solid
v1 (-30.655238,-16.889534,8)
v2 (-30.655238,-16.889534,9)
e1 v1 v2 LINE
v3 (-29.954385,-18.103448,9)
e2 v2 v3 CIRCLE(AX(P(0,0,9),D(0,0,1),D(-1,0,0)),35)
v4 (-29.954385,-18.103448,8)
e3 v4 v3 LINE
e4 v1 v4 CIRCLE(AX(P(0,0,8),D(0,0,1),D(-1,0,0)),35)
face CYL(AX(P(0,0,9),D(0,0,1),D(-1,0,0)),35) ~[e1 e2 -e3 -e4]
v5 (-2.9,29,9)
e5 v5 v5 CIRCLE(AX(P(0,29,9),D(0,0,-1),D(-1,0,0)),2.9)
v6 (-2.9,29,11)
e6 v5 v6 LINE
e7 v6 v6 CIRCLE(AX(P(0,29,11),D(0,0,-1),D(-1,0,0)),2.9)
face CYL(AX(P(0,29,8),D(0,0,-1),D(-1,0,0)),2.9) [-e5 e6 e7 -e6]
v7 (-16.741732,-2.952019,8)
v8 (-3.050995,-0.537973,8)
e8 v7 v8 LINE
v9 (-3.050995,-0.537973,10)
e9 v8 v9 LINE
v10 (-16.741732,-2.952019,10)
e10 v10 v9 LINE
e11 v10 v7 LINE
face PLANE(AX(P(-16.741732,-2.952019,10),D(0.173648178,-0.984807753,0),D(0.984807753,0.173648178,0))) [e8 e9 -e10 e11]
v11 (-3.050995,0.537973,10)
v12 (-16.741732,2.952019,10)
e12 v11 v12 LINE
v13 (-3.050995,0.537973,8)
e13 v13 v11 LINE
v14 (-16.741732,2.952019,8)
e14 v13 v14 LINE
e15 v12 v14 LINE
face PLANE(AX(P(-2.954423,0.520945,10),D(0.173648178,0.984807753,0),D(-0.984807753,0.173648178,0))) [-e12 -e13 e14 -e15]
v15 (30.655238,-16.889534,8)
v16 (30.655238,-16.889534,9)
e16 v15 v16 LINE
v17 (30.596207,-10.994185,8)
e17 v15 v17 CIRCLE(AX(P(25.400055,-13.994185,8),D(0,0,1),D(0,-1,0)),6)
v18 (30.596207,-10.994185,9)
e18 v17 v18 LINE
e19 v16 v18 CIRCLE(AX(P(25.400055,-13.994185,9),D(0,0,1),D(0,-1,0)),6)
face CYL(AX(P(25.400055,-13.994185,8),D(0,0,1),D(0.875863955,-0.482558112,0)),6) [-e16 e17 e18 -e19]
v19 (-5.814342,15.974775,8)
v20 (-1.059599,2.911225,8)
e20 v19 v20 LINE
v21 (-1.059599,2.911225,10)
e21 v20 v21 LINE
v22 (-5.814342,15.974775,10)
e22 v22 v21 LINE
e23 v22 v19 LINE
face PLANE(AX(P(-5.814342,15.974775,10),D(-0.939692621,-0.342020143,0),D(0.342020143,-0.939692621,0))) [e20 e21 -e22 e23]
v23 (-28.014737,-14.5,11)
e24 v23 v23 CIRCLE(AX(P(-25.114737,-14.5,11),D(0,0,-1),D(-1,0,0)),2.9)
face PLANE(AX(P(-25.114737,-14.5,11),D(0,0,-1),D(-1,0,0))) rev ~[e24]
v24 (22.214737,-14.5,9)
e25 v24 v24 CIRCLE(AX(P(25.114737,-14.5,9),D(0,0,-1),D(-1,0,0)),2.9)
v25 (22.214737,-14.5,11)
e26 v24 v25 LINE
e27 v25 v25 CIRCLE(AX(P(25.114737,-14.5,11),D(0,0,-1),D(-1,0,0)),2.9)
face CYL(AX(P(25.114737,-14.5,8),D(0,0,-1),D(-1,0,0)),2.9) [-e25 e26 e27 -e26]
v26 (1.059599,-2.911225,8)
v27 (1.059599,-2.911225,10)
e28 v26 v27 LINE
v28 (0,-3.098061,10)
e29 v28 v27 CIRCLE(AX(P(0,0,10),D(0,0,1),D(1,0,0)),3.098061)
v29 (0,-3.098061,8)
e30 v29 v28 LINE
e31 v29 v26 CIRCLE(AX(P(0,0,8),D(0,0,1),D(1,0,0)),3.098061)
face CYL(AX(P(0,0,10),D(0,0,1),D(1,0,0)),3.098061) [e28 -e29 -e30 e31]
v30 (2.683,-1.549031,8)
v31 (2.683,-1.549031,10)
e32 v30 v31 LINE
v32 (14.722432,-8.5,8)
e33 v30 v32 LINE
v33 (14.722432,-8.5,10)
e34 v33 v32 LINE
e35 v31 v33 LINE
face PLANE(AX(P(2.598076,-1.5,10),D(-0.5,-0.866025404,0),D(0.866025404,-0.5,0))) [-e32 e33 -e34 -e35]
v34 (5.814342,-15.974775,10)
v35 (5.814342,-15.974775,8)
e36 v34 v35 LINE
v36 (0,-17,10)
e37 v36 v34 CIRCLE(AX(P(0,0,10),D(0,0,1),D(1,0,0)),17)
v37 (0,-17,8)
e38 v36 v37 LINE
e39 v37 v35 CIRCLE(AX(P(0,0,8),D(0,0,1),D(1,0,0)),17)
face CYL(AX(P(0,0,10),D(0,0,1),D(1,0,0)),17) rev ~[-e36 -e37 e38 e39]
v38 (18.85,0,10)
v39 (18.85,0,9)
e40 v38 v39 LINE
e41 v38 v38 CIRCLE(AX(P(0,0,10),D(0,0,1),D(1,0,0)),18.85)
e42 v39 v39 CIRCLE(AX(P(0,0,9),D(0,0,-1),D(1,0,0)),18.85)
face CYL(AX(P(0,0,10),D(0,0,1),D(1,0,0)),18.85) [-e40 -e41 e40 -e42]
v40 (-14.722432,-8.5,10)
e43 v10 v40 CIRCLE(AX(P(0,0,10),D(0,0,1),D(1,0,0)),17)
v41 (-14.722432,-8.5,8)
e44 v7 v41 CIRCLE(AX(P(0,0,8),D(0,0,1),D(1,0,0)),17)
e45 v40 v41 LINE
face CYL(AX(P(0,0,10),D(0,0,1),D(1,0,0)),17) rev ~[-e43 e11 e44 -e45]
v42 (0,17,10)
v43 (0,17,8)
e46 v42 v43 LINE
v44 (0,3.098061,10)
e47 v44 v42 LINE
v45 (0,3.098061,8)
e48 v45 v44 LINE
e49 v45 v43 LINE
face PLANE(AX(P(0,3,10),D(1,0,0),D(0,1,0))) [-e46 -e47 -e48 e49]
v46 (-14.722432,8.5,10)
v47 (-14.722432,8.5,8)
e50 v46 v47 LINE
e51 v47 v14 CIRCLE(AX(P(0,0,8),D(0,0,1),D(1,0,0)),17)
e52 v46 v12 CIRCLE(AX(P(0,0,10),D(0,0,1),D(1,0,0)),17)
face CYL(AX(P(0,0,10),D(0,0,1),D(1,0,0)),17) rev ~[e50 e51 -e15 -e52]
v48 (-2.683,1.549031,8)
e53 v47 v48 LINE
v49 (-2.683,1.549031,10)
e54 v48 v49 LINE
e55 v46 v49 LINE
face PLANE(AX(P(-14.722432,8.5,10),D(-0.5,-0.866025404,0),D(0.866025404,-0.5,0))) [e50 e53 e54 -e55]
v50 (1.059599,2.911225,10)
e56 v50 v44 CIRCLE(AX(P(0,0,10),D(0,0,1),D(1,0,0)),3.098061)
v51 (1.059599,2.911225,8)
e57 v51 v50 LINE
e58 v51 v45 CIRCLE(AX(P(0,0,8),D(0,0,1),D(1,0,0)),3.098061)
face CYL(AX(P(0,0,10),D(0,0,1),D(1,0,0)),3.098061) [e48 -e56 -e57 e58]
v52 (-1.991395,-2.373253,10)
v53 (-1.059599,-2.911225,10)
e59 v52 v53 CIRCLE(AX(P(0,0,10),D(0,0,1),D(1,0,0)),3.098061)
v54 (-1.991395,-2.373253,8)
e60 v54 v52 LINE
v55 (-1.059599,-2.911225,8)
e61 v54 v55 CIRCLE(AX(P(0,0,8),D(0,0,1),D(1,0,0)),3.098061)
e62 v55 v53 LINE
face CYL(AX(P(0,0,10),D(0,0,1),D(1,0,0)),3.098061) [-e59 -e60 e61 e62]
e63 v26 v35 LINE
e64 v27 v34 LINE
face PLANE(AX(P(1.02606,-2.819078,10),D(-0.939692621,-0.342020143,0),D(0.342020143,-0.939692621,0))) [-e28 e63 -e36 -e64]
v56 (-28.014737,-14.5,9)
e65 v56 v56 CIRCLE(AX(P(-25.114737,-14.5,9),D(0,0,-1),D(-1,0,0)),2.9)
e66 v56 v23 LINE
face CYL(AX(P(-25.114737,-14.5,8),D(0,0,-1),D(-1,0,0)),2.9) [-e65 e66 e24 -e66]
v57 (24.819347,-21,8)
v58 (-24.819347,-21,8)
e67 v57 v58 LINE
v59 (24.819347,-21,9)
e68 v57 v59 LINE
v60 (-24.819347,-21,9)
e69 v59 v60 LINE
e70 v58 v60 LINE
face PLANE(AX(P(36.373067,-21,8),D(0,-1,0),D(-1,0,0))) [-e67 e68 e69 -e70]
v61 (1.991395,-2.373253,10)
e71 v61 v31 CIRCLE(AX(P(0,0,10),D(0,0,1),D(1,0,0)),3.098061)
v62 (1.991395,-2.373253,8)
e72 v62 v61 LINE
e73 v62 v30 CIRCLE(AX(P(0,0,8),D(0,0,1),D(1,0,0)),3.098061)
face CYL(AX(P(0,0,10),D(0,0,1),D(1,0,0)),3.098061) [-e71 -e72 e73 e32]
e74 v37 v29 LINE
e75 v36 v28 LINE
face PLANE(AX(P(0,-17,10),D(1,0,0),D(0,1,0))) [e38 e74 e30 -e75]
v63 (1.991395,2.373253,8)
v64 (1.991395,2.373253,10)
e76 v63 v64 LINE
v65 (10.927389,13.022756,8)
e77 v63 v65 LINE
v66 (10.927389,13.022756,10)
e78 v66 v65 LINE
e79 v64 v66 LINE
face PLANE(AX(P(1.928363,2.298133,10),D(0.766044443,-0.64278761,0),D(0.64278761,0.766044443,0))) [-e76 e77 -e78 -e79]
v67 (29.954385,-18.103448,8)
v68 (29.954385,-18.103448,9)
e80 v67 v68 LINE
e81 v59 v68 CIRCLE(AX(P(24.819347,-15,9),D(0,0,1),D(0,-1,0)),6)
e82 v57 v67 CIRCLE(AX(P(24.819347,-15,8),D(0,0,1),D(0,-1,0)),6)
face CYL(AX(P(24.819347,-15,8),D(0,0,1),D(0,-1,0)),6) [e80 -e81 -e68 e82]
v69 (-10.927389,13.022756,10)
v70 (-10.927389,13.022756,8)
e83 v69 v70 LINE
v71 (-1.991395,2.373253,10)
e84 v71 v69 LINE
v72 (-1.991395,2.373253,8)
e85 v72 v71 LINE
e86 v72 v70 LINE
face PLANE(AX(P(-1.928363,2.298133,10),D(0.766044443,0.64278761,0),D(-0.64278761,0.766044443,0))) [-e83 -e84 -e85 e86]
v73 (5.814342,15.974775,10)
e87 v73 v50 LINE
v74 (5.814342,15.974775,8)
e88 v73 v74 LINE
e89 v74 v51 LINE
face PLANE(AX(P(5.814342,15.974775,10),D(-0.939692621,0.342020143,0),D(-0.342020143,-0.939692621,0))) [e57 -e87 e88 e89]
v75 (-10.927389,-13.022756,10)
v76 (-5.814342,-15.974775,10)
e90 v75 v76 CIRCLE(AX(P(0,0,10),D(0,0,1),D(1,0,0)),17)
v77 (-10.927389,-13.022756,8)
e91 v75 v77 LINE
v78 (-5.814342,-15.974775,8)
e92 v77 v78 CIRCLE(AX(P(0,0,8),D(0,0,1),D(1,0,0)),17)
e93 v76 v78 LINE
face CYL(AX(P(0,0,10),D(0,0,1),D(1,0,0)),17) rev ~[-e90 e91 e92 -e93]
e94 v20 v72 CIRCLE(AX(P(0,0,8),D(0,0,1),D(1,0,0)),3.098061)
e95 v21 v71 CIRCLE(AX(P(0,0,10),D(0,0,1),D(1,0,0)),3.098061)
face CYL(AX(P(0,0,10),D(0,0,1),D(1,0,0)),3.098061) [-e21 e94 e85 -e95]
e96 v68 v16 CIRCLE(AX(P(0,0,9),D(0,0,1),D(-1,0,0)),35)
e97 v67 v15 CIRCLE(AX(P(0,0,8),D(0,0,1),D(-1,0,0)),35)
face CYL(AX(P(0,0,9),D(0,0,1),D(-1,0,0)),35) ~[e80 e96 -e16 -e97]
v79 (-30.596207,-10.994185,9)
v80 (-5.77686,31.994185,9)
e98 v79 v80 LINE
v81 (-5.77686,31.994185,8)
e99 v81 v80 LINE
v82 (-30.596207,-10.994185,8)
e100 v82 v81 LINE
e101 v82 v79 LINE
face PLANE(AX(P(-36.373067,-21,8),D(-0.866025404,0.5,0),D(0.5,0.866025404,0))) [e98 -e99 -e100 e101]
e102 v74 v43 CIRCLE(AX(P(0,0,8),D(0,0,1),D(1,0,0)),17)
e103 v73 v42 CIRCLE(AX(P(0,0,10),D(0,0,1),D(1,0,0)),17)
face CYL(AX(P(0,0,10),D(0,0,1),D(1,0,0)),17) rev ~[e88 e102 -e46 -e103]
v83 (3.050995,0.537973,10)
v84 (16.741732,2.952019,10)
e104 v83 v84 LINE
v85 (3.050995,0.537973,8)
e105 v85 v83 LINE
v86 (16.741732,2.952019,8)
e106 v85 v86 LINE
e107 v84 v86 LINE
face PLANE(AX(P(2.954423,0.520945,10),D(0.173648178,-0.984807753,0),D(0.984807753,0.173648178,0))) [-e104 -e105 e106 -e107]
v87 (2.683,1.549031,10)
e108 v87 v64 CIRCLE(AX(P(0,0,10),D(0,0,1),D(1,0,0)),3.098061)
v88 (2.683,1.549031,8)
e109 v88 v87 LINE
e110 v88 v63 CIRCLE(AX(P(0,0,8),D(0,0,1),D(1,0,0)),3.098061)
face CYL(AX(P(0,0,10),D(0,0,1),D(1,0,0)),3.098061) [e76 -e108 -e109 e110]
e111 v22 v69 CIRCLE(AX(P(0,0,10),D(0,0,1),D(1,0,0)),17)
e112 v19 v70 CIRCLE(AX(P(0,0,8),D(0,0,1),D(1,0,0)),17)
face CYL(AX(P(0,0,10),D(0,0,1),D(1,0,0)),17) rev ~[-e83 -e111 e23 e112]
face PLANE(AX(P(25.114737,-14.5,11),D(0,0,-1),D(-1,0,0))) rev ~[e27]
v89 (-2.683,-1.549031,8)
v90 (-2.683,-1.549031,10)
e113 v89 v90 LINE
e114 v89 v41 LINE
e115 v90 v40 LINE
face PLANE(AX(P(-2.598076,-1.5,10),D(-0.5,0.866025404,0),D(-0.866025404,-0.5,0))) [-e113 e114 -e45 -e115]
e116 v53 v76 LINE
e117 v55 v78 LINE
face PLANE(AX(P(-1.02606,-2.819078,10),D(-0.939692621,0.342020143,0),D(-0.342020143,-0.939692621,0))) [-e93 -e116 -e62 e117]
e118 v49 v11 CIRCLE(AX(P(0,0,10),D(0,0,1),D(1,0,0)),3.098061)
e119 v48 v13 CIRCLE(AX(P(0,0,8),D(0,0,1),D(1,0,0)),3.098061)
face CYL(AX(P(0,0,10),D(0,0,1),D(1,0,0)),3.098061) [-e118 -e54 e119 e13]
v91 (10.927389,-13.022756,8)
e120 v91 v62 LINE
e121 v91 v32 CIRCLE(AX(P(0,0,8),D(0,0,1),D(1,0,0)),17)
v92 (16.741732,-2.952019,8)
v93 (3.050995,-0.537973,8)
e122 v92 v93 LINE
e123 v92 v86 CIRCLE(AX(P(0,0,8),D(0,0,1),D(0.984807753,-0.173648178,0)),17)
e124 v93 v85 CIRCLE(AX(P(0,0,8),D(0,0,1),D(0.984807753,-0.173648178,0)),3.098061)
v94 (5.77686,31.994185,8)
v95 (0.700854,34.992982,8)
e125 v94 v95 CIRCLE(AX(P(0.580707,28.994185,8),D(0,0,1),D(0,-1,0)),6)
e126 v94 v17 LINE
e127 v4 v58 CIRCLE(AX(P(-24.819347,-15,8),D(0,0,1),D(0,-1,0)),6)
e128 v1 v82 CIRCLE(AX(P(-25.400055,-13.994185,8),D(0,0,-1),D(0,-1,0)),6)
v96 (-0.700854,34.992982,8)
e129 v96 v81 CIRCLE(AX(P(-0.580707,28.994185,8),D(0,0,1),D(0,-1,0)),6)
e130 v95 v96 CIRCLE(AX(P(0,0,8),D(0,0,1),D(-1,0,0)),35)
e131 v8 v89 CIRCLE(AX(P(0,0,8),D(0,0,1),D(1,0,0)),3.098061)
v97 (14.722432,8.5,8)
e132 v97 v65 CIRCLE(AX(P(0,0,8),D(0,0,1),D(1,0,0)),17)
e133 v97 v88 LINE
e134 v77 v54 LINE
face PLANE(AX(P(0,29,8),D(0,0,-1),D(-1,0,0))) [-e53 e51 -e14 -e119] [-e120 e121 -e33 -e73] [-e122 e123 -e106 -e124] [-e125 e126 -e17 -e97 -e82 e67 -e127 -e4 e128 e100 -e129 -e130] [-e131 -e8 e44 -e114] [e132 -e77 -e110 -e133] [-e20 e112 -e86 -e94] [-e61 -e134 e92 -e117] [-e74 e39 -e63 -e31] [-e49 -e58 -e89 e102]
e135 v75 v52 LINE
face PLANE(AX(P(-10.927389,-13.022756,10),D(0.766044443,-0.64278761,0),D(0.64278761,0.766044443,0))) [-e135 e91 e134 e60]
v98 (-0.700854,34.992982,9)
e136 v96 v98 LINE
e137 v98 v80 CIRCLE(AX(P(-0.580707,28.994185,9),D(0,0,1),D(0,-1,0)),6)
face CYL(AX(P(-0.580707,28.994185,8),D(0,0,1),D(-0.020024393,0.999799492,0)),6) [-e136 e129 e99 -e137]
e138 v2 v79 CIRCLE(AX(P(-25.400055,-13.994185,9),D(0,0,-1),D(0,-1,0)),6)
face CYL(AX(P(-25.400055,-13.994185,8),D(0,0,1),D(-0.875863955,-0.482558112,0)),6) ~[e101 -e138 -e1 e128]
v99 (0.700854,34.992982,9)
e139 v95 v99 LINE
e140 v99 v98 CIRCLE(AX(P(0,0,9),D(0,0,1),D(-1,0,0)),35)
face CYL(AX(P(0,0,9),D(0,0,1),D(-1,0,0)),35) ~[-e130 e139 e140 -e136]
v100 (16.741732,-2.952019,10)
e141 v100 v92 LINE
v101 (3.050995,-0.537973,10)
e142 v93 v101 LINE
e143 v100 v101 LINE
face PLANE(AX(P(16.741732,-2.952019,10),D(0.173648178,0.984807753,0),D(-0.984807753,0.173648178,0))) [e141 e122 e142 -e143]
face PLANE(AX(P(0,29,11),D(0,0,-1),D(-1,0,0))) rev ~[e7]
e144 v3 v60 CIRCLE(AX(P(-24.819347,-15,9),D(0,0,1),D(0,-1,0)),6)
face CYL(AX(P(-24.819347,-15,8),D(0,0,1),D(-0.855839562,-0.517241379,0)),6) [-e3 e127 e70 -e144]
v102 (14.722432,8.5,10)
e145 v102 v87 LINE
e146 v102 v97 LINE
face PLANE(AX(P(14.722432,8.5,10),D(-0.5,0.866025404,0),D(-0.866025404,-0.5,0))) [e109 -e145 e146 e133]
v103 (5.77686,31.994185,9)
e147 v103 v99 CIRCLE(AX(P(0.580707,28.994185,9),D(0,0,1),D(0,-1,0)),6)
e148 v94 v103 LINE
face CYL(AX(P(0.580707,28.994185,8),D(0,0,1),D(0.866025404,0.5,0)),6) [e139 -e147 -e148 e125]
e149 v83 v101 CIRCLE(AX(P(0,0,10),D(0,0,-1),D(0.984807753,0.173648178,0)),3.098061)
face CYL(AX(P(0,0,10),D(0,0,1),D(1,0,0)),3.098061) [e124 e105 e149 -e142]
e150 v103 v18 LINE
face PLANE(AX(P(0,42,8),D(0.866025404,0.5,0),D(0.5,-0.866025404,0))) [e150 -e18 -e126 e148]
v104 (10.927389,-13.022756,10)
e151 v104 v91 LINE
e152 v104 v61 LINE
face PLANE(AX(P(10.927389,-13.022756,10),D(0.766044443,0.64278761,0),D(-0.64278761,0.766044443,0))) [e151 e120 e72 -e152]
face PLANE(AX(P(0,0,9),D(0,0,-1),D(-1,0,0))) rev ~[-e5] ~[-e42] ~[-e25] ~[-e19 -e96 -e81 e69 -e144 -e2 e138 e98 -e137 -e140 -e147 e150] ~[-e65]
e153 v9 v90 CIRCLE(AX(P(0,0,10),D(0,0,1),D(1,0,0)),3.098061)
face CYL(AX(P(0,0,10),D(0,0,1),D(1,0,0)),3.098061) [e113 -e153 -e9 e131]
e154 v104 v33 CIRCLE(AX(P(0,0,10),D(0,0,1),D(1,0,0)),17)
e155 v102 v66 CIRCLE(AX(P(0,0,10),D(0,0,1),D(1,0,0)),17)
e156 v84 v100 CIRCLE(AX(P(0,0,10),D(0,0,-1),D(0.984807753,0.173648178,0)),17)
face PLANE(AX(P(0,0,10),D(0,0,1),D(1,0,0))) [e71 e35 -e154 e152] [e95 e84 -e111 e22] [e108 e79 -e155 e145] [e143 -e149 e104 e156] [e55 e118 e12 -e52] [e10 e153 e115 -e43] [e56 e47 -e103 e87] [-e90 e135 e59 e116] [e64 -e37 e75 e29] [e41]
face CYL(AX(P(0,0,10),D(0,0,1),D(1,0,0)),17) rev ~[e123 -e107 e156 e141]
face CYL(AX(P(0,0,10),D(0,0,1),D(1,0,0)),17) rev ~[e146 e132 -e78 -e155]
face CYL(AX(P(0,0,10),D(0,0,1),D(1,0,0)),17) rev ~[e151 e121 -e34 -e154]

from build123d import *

# Parameters (mm, degrees)
SKETCH2_R           = 18.85
SKETCH2_R_2         = 17
BOSS_EXTRUDE1_DEPTH = 2
SKETCH9_R           = 3.098061326
BOSS_EXTRUDE5_DEPTH = 2
BOSS_EXTRUDE2_START = -1
SKETCH3_R           = 35
SKETCH3_R_2         = 18.85
BOSS_EXTRUDE2_DEPTH = 1
SKETCH4_R           = 2.9
BOSS_EXTRUDE3_DEPTH = 3
SKETCH6_R           = 5
BOSS_EXTRUDE4_DEPTH = 1
SKETCH7_R           = 59.131365533
CUT_EXTRUDE1_DEPTH  = 10
FILLET1_R           = 6


with BuildPart() as part:
    # Sketch2 → Boss-Extrude1 (new body)
    # profile 1 of 10: a face of its own
    with BuildSketch(Plane.XY.offset(10)):
        Circle(SKETCH2_R)
        Circle(SKETCH2_R_2, mode=Mode.SUBTRACT)
    # profile 2 of 10: a face of its own
    with BuildSketch(Plane.XY.offset(10)):
        with BuildLine():
            ThreePointArc((-1.02606043, 2.819077862), (-0.520944533, 2.954423259), (0, 3))
            Line((0, 3), (0, 17))
            ThreePointArc((0, 17), (-2.95201902, 16.741731801), (-5.814342437, 15.974774553))
            Line((-5.814342437, 15.974774553), (-1.02606043, 2.819077862))
        make_face()
    # profile 3 of 10: a face of its own
    with BuildSketch(Plane.XY.offset(10)):
        with BuildLine():
            Line((5.814342437, 15.974774553), (1.02606043, 2.819077862))
            ThreePointArc((1.02606043, 2.819077862), (1.5, 2.598076211), (1.928362829, 2.298133329))
            Line((1.928362829, 2.298133329), (10.927389365, 13.022755533))
            ThreePointArc((10.927389365, 13.022755533), (8.5, 14.722431864), (5.814342437, 15.974774553))
        make_face()
    # profile 4 of 10: a face of its own
    with BuildSketch(Plane.XY.offset(10)):
        with BuildLine():
            Line((14.722431864, 8.5), (2.598076211, 1.5))
            ThreePointArc((2.598076211, 1.5), (2.819077862, 1.02606043), (2.954423259, 0.520944533))
            Line((2.954423259, 0.520944533), (16.741731801, 2.95201902))
            ThreePointArc((16.741731801, 2.95201902), (15.974774553, 5.814342437), (14.722431864, 8.5))
        make_face()
    # profile 5 of 10: a face of its own
    with BuildSketch(Plane.XY.offset(10)):
        with BuildLine():
            Line((16.741731801, -2.95201902), (2.954423259, -0.520944533))
            ThreePointArc((2.954423259, -0.520944533), (2.819077862, -1.02606043), (2.598076211, -1.5))
            Line((2.598076211, -1.5), (14.722431864, -8.5))
            ThreePointArc((14.722431864, -8.5), (15.974774553, -5.814342437), (16.741731801, -2.95201902))
        make_face()
    # profile 6 of 10: a face of its own
    with BuildSketch(Plane.XY.offset(10)):
        with BuildLine():
            Line((10.927389365, -13.022755533), (1.928362829, -2.298133329))
            ThreePointArc((1.928362829, -2.298133329), (1.5, -2.598076211), (1.02606043, -2.819077862))
            Line((1.02606043, -2.819077862), (5.814342437, -15.974774553))
            ThreePointArc((5.814342437, -15.974774553), (8.5, -14.722431864), (10.927389365, -13.022755533))
        make_face()
    # profile 7 of 10: a face of its own
    with BuildSketch(Plane.XY.offset(10)):
        with BuildLine():
            ThreePointArc((0, -3), (-0.520944533, -2.954423259), (-1.02606043, -2.819077862))
            Line((-1.02606043, -2.819077862), (-5.814342437, -15.974774553))
            ThreePointArc((-5.814342437, -15.974774553), (-2.95201902, -16.741731801), (0, -17))
            Line((0, -17), (0, -3))
        make_face()
    # profile 8 of 10: a face of its own
    with BuildSketch(Plane.XY.offset(10)):
        with BuildLine():
            ThreePointArc((-1.928362829, -2.298133329), (-2.298133329, -1.928362829), (-2.598076211, -1.5))
            Line((-2.598076211, -1.5), (-14.722431864, -8.5))
            ThreePointArc((-14.722431864, -8.5), (-13.022755533, -10.927389365), (-10.927389365, -13.022755533))
            Line((-10.927389365, -13.022755533), (-1.928362829, -2.298133329))
        make_face()
    # profile 9 of 10: a face of its own
    with BuildSketch(Plane.XY.offset(10)):
        with BuildLine():
            ThreePointArc((-2.954423259, -0.520944533), (-3, 0), (-2.954423259, 0.520944533))
            Line((-2.954423259, 0.520944533), (-16.741731801, 2.95201902))
            ThreePointArc((-16.741731801, 2.95201902), (-17, 0), (-16.741731801, -2.95201902))
            Line((-16.741731801, -2.95201902), (-2.954423259, -0.520944533))
        make_face()
    # profile 10 of 10: a face of its own
    with BuildSketch(Plane.XY.offset(10)):
        with BuildLine():
            ThreePointArc((-2.598076211, 1.5), (-2.298133329, 1.928362829), (-1.928362829, 2.298133329))
            Line((-1.928362829, 2.298133329), (-10.927389365, 13.022755533))
            ThreePointArc((-10.927389365, 13.022755533), (-13.022755533, 10.927389365), (-14.722431864, 8.5))
            Line((-14.722431864, 8.5), (-2.598076211, 1.5))
        make_face()
    extrude(amount=-BOSS_EXTRUDE1_DEPTH)

    # Sketch9 → Boss-Extrude5 (add)
    with BuildSketch(Plane.XY.offset(10)):
        Circle(SKETCH9_R)
    extrude(amount=-BOSS_EXTRUDE5_DEPTH)

    # Sketch3 → Boss-Extrude2 (add)
    with BuildSketch(Plane(origin=(0, 0, 8), x_dir=(-1, 0, 0), z_dir=(0, 0, -1)).offset(BOSS_EXTRUDE2_START)):
        Circle(SKETCH3_R)
        with Locations(Location((0, 0, 0), (0, 0, 180))):
            Circle(SKETCH3_R_2, mode=Mode.SUBTRACT)
    extrude(amount=BOSS_EXTRUDE2_DEPTH)

    # Sketch4 → Boss-Extrude3 (add)
    with BuildSketch(Plane(origin=(0, 0, 8), x_dir=(-1, 0, 0), z_dir=(0, 0, -1))):
        with Locations((0, 29)):
            Circle(SKETCH4_R)
        with Locations((25.11473671, -14.5)):
            Circle(SKETCH4_R)
        with Locations((-25.11473671, -14.5)):
            Circle(SKETCH4_R)
    extrude(amount=-BOSS_EXTRUDE3_DEPTH)

    # Sketch6 → Boss-Extrude4 (add)
    with BuildSketch(Plane(origin=(0, 0, 9), x_dir=(-1, 0, 0), z_dir=(0, 0, -1))):
        with Locations((0, 30)):
            Circle(SKETCH6_R)
        with Locations((25.980762114, -15)):
            Circle(SKETCH6_R)
        with Locations((-25.980762114, -15)):
            Circle(SKETCH6_R)
    extrude(amount=BOSS_EXTRUDE4_DEPTH)

    # Sketch7 → Cut-Extrude1 (cut)
    with BuildSketch(Plane(origin=(0, 0, 8), x_dir=(-1, 0, 0), z_dir=(0, 0, -1))):
        Circle(SKETCH7_R)
        Polygon((0, 42), (-36.373066959, -21), (36.373066959, -21), align=None, mode=Mode.SUBTRACT)
    extrude(amount=-CUT_EXTRUDE1_DEPTH, mode=Mode.SUBTRACT)

    # Fillet1
    fillet1_edges = [part.edges().sort_by_distance(p)[0] for p in [
        (-4.186533479, 34.748711306, 8.5),
        (-32.186533479, -13.748711306, 8.5),
        (-28, -21, 8.5),
        (28, -21, 8.5),
        (32.186533479, -13.748711306, 8.5),
        (4.186533479, 34.748711306, 8.5),
    ]]
    fillet(fillet1_edges, radius=FILLET1_R)


solid = part.part
